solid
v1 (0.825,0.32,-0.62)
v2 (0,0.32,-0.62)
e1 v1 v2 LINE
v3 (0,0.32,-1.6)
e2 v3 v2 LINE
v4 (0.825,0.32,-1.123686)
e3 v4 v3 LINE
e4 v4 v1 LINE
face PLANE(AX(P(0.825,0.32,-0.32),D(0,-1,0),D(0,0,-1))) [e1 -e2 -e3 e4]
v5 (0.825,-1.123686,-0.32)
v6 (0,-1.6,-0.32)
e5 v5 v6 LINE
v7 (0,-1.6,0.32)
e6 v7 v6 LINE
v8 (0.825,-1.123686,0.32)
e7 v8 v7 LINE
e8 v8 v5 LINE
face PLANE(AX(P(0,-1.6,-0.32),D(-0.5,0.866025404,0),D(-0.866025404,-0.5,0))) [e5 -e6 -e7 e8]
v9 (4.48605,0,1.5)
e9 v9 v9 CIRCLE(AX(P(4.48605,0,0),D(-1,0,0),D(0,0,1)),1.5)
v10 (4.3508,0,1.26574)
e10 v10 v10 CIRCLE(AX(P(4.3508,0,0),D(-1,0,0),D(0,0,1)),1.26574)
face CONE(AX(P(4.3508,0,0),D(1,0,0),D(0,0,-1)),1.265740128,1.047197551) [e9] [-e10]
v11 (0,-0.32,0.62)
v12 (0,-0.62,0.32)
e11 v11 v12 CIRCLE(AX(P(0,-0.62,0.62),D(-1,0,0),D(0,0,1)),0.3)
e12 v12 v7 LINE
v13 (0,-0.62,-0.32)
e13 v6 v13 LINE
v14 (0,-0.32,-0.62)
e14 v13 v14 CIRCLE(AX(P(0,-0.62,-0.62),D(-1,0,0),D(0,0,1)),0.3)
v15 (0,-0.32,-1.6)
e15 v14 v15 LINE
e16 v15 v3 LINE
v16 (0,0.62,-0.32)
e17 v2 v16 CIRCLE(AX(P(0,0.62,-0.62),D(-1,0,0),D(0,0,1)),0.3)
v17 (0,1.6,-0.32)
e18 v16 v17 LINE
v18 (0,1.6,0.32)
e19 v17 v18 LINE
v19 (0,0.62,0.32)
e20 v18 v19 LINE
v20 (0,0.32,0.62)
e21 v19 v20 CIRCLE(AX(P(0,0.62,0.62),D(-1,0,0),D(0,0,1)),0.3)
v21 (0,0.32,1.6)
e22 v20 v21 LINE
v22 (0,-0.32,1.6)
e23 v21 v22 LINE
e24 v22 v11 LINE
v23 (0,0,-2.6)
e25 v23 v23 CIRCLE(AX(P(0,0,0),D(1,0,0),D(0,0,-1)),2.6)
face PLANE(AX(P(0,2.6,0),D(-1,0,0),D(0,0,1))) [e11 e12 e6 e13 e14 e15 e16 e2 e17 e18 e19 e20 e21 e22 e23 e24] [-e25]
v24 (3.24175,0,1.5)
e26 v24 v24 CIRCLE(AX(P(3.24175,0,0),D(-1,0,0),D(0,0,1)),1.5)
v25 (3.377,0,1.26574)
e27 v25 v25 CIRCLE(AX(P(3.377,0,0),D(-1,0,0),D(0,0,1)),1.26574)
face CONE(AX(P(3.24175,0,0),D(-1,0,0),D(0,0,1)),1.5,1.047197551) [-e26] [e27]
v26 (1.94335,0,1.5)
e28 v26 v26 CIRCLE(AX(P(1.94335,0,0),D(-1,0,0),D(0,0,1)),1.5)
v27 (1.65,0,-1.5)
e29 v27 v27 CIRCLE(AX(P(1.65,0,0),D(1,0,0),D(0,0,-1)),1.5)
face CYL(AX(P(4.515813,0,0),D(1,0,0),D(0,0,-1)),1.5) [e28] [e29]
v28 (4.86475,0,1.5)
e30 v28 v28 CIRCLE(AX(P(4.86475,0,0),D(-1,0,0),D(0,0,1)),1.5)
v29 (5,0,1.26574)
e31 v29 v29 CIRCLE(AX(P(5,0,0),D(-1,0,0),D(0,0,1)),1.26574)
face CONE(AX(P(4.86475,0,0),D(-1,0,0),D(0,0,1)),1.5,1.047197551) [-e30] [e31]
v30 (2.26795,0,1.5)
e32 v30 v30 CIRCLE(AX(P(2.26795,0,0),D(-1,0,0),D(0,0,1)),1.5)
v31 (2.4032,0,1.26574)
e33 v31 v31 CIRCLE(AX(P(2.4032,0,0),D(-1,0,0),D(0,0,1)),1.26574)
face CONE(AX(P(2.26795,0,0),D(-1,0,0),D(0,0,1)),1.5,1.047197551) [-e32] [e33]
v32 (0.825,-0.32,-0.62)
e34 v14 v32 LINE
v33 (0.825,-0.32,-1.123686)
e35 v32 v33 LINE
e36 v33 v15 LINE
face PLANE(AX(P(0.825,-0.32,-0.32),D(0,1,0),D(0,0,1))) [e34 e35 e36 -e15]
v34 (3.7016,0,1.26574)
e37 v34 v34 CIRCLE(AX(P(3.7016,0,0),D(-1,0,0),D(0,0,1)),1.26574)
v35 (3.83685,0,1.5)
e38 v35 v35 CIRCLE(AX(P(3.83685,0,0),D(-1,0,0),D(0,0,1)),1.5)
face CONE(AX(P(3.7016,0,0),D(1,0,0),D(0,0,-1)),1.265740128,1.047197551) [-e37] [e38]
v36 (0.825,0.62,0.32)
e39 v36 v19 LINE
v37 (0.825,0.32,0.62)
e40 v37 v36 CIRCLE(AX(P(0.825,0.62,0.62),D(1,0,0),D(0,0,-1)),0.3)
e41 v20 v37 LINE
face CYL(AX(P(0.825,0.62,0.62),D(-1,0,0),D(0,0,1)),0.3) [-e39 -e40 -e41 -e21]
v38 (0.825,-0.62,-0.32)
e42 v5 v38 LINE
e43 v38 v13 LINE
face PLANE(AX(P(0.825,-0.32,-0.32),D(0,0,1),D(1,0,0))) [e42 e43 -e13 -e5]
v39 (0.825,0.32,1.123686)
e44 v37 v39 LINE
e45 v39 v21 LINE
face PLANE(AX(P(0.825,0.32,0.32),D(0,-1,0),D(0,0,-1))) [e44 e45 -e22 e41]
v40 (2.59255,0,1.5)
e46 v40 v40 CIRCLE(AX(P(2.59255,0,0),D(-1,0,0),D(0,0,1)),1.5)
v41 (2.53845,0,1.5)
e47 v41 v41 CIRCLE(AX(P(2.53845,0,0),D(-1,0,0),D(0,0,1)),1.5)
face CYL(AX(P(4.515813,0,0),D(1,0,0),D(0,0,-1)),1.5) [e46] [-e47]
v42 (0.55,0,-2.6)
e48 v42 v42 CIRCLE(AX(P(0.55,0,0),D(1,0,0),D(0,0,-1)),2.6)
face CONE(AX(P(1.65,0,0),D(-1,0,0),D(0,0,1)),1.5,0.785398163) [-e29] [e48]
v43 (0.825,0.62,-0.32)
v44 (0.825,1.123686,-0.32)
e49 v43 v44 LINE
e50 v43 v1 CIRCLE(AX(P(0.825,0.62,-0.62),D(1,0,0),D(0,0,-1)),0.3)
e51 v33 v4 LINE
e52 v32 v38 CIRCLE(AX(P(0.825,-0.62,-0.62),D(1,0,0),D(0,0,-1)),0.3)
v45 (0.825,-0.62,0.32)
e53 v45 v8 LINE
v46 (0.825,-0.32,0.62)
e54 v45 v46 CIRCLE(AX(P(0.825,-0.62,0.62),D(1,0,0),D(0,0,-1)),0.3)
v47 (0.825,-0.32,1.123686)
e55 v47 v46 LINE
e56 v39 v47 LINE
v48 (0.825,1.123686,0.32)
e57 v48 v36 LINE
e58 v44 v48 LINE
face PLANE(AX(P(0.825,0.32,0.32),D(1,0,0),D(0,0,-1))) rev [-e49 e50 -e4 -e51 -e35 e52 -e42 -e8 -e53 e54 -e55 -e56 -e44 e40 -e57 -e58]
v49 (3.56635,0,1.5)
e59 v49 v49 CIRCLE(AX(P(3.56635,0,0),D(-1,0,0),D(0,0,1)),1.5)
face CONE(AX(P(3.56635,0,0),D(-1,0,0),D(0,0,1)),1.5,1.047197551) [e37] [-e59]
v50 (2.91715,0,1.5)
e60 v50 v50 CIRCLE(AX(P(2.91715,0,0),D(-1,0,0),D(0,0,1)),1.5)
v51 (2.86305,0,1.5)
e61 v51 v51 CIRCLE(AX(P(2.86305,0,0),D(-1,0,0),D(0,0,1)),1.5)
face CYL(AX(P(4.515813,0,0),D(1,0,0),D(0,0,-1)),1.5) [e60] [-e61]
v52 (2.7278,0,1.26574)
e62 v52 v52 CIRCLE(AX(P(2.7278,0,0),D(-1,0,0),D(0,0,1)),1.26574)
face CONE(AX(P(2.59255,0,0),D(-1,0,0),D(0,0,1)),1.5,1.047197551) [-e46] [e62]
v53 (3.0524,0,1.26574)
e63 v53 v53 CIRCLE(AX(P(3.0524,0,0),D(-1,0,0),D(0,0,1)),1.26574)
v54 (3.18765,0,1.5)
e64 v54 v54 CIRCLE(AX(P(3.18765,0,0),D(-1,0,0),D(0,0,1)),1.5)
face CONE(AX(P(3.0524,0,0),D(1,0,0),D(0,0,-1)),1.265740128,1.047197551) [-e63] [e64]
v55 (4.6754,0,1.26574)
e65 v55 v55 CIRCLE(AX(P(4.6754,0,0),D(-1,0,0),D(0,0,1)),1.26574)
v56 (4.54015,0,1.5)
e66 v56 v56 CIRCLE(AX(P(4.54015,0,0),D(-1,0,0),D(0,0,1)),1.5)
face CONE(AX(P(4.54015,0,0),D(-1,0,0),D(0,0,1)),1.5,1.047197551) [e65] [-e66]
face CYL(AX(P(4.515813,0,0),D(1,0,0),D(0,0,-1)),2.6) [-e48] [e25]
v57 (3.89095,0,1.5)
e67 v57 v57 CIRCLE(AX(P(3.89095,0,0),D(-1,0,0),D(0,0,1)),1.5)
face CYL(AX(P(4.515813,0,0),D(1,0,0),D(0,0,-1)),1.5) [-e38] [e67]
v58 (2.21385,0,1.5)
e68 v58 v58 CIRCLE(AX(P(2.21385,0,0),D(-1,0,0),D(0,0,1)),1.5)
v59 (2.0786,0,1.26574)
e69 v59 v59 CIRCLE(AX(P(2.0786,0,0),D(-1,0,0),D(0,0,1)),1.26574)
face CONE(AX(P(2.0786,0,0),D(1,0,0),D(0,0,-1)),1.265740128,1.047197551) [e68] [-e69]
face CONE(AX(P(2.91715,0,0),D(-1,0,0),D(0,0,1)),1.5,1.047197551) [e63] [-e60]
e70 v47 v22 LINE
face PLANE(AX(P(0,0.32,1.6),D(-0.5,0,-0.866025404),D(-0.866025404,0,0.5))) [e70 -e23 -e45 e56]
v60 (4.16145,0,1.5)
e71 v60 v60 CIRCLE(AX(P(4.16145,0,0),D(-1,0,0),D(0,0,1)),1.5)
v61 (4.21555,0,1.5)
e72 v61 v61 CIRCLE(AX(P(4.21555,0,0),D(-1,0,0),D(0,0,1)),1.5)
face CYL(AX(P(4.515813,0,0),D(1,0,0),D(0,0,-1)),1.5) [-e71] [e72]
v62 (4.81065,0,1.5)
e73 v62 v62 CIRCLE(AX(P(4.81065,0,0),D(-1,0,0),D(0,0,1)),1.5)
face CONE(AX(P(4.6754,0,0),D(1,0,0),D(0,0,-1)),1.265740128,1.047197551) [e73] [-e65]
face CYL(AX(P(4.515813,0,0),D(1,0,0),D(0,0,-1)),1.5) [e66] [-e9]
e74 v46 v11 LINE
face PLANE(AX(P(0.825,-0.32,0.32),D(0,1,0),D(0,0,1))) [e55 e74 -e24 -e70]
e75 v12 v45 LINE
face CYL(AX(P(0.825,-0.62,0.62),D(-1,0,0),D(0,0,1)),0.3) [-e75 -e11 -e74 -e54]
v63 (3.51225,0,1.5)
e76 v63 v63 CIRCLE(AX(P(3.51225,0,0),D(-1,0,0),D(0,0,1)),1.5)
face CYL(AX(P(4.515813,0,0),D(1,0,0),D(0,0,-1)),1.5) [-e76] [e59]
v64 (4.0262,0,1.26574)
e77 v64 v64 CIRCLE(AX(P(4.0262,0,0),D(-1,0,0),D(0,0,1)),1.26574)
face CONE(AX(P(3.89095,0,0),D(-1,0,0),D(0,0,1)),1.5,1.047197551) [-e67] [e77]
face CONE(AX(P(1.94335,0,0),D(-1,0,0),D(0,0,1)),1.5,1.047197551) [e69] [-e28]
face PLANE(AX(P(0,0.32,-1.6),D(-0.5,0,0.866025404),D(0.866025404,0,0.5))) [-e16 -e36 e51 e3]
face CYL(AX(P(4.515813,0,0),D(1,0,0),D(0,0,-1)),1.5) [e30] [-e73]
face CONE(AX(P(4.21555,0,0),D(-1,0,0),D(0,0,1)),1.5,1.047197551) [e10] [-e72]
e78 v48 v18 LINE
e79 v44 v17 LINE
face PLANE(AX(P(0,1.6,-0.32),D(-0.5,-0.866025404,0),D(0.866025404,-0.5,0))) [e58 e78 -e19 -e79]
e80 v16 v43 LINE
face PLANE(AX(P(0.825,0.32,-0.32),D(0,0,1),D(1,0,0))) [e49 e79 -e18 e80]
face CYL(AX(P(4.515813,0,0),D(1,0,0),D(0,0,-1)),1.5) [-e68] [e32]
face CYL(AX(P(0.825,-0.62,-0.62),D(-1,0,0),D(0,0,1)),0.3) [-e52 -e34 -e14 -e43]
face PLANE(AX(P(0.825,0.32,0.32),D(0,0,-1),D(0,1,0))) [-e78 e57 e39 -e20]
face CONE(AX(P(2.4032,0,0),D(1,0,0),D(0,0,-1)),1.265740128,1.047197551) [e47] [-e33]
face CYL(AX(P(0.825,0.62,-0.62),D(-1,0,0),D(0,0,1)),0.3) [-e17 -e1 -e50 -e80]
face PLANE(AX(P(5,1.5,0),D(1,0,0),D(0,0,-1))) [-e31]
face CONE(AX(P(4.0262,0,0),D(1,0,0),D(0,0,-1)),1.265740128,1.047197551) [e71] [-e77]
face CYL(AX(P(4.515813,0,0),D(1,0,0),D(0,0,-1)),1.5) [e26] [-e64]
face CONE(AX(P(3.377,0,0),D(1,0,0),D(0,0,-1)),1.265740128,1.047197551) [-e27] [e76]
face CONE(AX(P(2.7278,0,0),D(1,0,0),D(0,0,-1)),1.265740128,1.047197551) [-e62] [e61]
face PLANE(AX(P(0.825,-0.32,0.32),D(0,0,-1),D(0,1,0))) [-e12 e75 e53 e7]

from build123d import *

# Parameters (mm, degrees)
CROSSRECESS_DEPTH = 0.825
DRAFT9_ANGLE      = 30
FILLET5_R         = 0.3
LPATTERN10_COUNT  = 10
LPATTERN10_PITCH  = 0.3246


with BuildPart() as part:
    # Sketch1 → Base (revolve)
    with BuildSketch(Plane.XY, mode=Mode.PRIVATE) as base_sk:
        Polygon((5, 1.5), (2.65, 1.5), (1.65, 1.5), (0.55, 2.6), (0, 2.6), (0, 0), (5, 0), align=None)
    revolve(base_sk.sketch.rotate(Axis((4.515812911, 0, 0), (-1, 0, 0)), 90), axis=Axis((4.515812911, 0, 0), (-1, 0, 0)))

    # Sketch6 → CrossRecess (cut)
    with BuildSketch(Plane(origin=(0, 0, 0), x_dir=(0, 0, -1), z_dir=(1, 0, 0))):
        Polygon((0.32, 0.32), (0.32, 1.6), (-0.32, 1.6), (-0.32, 0.32), (-1.6, 0.32), (-1.6, -0.32), (-0.32, -0.32), (-0.32, -1.6), (0.32, -1.6), (0.32, -0.32), (1.6, -0.32), (1.6, 0.32), align=None)
    extrude(amount=CROSSRECESS_DEPTH, mode=Mode.SUBTRACT)

    # Draft9
    draft9_faces = [part.faces().sort_by_distance(p)[0] for p in [
        (0.4125, 1.6, 0),
        (0.4125, 0, 1.6),
        (0.4125, -1.6, 0),
        (0.4125, 0, -1.6),
    ]]
    draft(draft9_faces, Plane(origin=(0, 2.6, 0), x_dir=(0, 0, -1), z_dir=(-1, 0, 0)), DRAFT9_ANGLE)

    # Fillet5
    fillet5_edges = [part.edges().sort_by_distance(p)[0] for p in [
        (0.4125, 0.32, 0.32),
        (0.4125, -0.32, 0.32),
        (0.4125, -0.32, -0.32),
        (0.4125, 0.32, -0.32),
    ]]
    fillet(fillet5_edges, radius=FILLET5_R)

    # Sketch9 → Cut-Revolve10 (revolve, cut)
    with BuildSketch(Plane.XY, mode=Mode.PRIVATE) as cut_revolve10_sk:
        Polygon((5, 1.265740128), (5.13525, 1.5), (5.13525, 1.7705), (4.86475, 1.7705), (4.86475, 1.5), align=None)
    cut_revolve10 = revolve(cut_revolve10_sk.sketch.rotate(Axis((0, 0, 0), (1, 0, 0)), 270), axis=Axis((0, 0, 0), (1, 0, 0)), mode=Mode.SUBTRACT)

    # LPattern10: Cut-Revolve10 ×10
    with Locations(*[(-i * LPATTERN10_PITCH, 0, 0) for i in range(1, LPATTERN10_COUNT)]):
        add(cut_revolve10, mode=Mode.SUBTRACT)


solid = part.part
